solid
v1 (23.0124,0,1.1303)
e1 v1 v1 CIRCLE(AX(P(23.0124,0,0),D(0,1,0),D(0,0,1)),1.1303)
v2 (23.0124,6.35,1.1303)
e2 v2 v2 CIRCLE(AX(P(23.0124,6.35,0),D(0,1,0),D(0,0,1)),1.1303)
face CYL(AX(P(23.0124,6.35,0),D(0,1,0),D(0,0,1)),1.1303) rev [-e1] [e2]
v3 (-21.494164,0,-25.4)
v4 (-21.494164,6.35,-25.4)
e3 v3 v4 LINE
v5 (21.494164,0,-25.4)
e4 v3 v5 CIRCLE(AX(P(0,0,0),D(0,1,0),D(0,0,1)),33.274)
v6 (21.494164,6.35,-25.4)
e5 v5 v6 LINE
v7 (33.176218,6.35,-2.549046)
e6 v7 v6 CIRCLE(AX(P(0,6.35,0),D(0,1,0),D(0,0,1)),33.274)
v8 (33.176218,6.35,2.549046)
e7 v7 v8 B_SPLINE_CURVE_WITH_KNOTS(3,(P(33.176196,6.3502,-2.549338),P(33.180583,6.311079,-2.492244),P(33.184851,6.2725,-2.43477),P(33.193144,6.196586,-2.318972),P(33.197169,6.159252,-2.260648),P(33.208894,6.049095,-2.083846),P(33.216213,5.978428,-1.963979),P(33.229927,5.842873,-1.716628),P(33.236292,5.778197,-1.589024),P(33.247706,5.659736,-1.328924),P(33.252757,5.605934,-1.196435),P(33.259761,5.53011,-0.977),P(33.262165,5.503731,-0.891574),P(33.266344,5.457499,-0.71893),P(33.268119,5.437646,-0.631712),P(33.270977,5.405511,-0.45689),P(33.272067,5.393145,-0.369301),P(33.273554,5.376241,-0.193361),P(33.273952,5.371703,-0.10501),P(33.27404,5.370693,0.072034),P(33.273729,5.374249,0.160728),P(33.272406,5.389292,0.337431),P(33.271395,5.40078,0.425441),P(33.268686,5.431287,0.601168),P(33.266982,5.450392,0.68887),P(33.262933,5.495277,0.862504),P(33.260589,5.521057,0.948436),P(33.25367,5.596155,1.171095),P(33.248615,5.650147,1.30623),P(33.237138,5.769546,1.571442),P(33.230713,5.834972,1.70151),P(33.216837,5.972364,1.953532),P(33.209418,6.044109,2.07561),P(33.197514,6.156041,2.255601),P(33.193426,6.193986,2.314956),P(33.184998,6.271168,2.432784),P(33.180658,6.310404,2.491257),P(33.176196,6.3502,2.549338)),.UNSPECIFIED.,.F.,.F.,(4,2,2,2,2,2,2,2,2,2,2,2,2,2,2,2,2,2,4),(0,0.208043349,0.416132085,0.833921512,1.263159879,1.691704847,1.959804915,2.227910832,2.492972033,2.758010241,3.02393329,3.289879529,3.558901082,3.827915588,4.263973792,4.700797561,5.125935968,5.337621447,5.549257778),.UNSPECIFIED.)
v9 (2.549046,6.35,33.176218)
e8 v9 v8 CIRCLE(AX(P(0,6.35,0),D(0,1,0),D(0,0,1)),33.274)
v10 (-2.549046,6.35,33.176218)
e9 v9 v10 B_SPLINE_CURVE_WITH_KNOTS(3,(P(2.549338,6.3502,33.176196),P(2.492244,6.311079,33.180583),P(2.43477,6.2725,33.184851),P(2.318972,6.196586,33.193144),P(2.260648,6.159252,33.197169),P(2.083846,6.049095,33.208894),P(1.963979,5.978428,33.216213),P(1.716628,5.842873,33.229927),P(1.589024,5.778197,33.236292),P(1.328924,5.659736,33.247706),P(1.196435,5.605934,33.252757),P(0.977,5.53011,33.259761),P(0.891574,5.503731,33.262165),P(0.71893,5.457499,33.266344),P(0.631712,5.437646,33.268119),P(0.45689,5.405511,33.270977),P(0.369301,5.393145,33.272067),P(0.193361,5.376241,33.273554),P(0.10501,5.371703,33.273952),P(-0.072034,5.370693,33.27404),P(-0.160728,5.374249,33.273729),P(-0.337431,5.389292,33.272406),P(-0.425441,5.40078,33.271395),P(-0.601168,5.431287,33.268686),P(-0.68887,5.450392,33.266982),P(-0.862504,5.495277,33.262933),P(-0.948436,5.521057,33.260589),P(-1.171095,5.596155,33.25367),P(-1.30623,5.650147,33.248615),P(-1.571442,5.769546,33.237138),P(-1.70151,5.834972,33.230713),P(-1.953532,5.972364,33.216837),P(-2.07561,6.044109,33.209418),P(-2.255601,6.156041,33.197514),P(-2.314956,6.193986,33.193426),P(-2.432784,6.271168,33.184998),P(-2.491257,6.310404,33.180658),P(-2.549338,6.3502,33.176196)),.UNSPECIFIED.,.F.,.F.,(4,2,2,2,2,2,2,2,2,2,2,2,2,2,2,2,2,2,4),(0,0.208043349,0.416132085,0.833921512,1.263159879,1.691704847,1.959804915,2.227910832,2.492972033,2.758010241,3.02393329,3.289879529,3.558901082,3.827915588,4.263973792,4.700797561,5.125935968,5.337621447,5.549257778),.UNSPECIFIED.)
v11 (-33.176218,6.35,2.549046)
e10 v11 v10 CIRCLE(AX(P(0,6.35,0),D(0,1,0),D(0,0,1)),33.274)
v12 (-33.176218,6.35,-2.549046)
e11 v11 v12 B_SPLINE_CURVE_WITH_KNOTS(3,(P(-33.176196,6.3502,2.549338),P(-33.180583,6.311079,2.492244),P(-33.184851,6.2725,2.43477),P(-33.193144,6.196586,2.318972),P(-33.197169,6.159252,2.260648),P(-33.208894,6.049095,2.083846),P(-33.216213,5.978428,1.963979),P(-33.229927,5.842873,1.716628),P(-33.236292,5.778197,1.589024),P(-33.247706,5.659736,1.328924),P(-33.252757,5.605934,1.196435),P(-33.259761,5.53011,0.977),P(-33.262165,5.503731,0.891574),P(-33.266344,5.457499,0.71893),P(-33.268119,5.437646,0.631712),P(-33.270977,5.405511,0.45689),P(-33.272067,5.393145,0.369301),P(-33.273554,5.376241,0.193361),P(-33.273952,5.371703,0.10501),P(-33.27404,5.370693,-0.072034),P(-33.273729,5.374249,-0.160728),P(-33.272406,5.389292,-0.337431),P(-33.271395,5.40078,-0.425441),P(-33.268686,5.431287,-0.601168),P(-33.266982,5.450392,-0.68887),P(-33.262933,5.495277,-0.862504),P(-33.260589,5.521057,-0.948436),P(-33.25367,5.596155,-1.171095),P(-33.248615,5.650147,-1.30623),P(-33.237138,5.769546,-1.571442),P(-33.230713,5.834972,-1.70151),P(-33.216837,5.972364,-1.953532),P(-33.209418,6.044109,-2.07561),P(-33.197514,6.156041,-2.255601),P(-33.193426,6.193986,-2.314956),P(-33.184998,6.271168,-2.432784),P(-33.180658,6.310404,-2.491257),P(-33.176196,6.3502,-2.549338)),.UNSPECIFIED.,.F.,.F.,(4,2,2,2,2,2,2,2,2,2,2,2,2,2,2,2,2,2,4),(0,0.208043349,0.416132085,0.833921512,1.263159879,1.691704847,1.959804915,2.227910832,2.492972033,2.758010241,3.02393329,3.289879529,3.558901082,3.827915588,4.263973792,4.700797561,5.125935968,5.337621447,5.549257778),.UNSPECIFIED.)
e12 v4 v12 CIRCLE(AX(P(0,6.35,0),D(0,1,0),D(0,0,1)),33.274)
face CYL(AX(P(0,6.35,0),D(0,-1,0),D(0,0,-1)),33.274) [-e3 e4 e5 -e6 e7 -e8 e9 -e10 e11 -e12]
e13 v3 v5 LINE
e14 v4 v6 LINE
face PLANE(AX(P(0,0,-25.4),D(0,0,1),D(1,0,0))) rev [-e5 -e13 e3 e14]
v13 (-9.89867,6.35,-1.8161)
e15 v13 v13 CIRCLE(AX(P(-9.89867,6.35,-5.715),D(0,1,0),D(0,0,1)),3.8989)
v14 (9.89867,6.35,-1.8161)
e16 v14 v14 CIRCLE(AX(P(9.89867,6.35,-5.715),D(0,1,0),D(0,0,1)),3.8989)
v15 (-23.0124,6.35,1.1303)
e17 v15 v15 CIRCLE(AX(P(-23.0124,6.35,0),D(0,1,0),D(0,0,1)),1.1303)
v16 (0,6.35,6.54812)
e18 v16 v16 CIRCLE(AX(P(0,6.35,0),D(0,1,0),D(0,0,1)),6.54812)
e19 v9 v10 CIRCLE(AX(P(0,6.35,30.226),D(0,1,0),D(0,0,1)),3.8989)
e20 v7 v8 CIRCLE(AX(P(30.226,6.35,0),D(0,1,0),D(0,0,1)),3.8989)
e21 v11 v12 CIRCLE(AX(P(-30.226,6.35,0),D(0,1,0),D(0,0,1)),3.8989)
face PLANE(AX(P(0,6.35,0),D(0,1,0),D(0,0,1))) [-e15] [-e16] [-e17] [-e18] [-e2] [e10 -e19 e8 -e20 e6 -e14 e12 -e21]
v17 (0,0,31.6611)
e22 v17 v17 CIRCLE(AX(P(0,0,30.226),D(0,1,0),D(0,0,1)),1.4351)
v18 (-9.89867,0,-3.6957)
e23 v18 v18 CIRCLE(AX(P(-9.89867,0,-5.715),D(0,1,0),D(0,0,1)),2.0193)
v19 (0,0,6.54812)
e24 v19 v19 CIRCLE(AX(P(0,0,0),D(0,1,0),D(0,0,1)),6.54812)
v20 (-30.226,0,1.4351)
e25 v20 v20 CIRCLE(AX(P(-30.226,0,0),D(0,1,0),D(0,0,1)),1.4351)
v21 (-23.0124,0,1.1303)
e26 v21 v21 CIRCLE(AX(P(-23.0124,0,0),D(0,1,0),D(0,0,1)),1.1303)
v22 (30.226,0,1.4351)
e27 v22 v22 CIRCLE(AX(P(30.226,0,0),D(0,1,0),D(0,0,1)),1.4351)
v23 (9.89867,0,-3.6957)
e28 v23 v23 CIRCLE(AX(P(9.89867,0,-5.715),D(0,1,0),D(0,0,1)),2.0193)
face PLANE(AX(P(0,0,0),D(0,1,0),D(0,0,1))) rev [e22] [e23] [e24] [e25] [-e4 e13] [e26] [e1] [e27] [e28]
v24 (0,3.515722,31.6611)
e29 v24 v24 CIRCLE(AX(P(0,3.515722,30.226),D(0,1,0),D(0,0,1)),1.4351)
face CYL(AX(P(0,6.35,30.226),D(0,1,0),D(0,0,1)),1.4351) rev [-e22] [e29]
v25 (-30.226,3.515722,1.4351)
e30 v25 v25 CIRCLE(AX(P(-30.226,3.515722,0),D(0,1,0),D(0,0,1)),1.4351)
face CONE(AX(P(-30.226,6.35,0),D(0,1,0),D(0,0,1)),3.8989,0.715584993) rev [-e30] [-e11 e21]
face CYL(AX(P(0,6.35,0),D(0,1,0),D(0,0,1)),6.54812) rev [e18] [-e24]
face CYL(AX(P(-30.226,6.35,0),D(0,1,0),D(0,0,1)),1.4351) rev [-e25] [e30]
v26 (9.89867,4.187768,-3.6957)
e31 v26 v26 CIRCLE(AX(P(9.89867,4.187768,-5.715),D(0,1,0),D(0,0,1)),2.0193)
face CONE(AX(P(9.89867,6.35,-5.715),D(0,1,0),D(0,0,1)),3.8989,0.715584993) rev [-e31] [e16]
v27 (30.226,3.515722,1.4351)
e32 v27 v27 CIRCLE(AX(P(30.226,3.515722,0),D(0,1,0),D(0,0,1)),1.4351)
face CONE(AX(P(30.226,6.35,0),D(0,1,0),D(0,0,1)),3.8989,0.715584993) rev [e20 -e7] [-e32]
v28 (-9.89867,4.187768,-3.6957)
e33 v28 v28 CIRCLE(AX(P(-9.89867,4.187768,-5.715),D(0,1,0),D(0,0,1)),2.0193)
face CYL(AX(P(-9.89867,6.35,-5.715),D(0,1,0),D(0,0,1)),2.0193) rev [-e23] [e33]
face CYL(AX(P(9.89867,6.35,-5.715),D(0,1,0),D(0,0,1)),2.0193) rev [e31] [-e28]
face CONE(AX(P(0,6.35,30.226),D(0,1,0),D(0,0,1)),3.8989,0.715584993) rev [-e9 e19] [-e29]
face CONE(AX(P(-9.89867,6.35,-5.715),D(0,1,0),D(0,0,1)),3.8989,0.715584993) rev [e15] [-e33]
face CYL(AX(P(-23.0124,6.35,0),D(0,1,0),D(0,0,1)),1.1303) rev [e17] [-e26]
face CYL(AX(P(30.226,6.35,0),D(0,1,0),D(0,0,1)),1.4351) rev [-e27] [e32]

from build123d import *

# Parameters (mm, degrees)
SKETCH1_R                    = 33.274
BOSS_EXTRUDE1_DEPTH          = 6.35
PLATEMTGSCREW_D              = 2.8702
PLATEMTGSCREW_DEPTH          = 10.1854
PLATEMTGSCREW_CSINK_D        = 7.7978
PLATEMTGSCREW_CSINK_ANGLE    = 82
PLATEMTGSCREW_TIP            = 0.862295074
ENCODERMTGHOLES_D            = 2.2606
SLIPRGSHFTCLR_D              = 13.09624
SLIPRGSHFTCLR_DEPTH          = 6.35
SLIPRGSHFTCLR_TIP            = 3.934507437
ADDITIONAL_HOLES_D           = 4.0386
ADDITIONAL_HOLES_CSINK_D     = 7.7978
ADDITIONAL_HOLES_CSINK_ANGLE = 82
CUT_EXTRUDE1_DEPTH           = 7.3500001


with BuildPart() as part:
    # Sketch1 → Boss-Extrude1 (new body)
    with BuildSketch(Plane(origin=(0, 0, 0), x_dir=(1, 0, 0), z_dir=(0, 1, 0))):
        Circle(SKETCH1_R)
    extrude(amount=BOSS_EXTRUDE1_DEPTH)

    # PlateMtgScrew
    with Locations(Plane(origin=(0, 6.35, 0), x_dir=(1, 0, 0), z_dir=(0, 1, 0))):
        with Locations((30.226, 0), (-30.226, 0), (0, -30.226)):
            CounterSinkHole(PLATEMTGSCREW_D / 2, PLATEMTGSCREW_CSINK_D / 2, depth=PLATEMTGSCREW_DEPTH, counter_sink_angle=PLATEMTGSCREW_CSINK_ANGLE)
            with Locations((0, 0, -(PLATEMTGSCREW_DEPTH + PLATEMTGSCREW_TIP / 2))):  # 118° drill point
                Cone(0, PLATEMTGSCREW_D / 2, PLATEMTGSCREW_TIP, mode=Mode.SUBTRACT)

    # EncoderMtgHoles (through all)
    with Locations(Plane(origin=(0, 6.35, 0), x_dir=(1, 0, 0), z_dir=(0, 1, 0))):
        with Locations((23.0124, 0), (-23.0124, 0)):
            Hole(ENCODERMTGHOLES_D / 2)

    # SlipRgShftClr
    with Locations(Plane(origin=(0, 6.35, 0), x_dir=(1, 0, 0), z_dir=(0, 1, 0))):
        with Locations((0, 0)):
            Hole(SLIPRGSHFTCLR_D / 2, depth=SLIPRGSHFTCLR_DEPTH)
            with Locations((0, 0, -(SLIPRGSHFTCLR_DEPTH + SLIPRGSHFTCLR_TIP / 2))):  # 118° drill point
                Cone(0, SLIPRGSHFTCLR_D / 2, SLIPRGSHFTCLR_TIP, mode=Mode.SUBTRACT)

    # Additional Holes (through all)
    with Locations(Plane(origin=(0, 6.35, 0), x_dir=(1, 0, 0), z_dir=(0, 1, 0))):
        with Locations((-9.898670365, 5.715), (9.898670365, 5.715)):
            CounterSinkHole(ADDITIONAL_HOLES_D / 2, ADDITIONAL_HOLES_CSINK_D / 2, counter_sink_angle=ADDITIONAL_HOLES_CSINK_ANGLE)

    # Sketch16 → Cut-Extrude1 (cut, through all)
    with BuildSketch(Plane(origin=(0, 6.35, 0), x_dir=(1, 0, 0), z_dir=(0, 1, 0))):
        Polygon((-192.02067324, 25.4), (-21.494163766, 25.4), (21.494163766, 25.4), (192.02067324, 25.4), (192.02067324, 366.453018948), (-192.02067324, 366.453018948), align=None)
    extrude(amount=-CUT_EXTRUDE1_DEPTH, mode=Mode.SUBTRACT)


solid = part.part
